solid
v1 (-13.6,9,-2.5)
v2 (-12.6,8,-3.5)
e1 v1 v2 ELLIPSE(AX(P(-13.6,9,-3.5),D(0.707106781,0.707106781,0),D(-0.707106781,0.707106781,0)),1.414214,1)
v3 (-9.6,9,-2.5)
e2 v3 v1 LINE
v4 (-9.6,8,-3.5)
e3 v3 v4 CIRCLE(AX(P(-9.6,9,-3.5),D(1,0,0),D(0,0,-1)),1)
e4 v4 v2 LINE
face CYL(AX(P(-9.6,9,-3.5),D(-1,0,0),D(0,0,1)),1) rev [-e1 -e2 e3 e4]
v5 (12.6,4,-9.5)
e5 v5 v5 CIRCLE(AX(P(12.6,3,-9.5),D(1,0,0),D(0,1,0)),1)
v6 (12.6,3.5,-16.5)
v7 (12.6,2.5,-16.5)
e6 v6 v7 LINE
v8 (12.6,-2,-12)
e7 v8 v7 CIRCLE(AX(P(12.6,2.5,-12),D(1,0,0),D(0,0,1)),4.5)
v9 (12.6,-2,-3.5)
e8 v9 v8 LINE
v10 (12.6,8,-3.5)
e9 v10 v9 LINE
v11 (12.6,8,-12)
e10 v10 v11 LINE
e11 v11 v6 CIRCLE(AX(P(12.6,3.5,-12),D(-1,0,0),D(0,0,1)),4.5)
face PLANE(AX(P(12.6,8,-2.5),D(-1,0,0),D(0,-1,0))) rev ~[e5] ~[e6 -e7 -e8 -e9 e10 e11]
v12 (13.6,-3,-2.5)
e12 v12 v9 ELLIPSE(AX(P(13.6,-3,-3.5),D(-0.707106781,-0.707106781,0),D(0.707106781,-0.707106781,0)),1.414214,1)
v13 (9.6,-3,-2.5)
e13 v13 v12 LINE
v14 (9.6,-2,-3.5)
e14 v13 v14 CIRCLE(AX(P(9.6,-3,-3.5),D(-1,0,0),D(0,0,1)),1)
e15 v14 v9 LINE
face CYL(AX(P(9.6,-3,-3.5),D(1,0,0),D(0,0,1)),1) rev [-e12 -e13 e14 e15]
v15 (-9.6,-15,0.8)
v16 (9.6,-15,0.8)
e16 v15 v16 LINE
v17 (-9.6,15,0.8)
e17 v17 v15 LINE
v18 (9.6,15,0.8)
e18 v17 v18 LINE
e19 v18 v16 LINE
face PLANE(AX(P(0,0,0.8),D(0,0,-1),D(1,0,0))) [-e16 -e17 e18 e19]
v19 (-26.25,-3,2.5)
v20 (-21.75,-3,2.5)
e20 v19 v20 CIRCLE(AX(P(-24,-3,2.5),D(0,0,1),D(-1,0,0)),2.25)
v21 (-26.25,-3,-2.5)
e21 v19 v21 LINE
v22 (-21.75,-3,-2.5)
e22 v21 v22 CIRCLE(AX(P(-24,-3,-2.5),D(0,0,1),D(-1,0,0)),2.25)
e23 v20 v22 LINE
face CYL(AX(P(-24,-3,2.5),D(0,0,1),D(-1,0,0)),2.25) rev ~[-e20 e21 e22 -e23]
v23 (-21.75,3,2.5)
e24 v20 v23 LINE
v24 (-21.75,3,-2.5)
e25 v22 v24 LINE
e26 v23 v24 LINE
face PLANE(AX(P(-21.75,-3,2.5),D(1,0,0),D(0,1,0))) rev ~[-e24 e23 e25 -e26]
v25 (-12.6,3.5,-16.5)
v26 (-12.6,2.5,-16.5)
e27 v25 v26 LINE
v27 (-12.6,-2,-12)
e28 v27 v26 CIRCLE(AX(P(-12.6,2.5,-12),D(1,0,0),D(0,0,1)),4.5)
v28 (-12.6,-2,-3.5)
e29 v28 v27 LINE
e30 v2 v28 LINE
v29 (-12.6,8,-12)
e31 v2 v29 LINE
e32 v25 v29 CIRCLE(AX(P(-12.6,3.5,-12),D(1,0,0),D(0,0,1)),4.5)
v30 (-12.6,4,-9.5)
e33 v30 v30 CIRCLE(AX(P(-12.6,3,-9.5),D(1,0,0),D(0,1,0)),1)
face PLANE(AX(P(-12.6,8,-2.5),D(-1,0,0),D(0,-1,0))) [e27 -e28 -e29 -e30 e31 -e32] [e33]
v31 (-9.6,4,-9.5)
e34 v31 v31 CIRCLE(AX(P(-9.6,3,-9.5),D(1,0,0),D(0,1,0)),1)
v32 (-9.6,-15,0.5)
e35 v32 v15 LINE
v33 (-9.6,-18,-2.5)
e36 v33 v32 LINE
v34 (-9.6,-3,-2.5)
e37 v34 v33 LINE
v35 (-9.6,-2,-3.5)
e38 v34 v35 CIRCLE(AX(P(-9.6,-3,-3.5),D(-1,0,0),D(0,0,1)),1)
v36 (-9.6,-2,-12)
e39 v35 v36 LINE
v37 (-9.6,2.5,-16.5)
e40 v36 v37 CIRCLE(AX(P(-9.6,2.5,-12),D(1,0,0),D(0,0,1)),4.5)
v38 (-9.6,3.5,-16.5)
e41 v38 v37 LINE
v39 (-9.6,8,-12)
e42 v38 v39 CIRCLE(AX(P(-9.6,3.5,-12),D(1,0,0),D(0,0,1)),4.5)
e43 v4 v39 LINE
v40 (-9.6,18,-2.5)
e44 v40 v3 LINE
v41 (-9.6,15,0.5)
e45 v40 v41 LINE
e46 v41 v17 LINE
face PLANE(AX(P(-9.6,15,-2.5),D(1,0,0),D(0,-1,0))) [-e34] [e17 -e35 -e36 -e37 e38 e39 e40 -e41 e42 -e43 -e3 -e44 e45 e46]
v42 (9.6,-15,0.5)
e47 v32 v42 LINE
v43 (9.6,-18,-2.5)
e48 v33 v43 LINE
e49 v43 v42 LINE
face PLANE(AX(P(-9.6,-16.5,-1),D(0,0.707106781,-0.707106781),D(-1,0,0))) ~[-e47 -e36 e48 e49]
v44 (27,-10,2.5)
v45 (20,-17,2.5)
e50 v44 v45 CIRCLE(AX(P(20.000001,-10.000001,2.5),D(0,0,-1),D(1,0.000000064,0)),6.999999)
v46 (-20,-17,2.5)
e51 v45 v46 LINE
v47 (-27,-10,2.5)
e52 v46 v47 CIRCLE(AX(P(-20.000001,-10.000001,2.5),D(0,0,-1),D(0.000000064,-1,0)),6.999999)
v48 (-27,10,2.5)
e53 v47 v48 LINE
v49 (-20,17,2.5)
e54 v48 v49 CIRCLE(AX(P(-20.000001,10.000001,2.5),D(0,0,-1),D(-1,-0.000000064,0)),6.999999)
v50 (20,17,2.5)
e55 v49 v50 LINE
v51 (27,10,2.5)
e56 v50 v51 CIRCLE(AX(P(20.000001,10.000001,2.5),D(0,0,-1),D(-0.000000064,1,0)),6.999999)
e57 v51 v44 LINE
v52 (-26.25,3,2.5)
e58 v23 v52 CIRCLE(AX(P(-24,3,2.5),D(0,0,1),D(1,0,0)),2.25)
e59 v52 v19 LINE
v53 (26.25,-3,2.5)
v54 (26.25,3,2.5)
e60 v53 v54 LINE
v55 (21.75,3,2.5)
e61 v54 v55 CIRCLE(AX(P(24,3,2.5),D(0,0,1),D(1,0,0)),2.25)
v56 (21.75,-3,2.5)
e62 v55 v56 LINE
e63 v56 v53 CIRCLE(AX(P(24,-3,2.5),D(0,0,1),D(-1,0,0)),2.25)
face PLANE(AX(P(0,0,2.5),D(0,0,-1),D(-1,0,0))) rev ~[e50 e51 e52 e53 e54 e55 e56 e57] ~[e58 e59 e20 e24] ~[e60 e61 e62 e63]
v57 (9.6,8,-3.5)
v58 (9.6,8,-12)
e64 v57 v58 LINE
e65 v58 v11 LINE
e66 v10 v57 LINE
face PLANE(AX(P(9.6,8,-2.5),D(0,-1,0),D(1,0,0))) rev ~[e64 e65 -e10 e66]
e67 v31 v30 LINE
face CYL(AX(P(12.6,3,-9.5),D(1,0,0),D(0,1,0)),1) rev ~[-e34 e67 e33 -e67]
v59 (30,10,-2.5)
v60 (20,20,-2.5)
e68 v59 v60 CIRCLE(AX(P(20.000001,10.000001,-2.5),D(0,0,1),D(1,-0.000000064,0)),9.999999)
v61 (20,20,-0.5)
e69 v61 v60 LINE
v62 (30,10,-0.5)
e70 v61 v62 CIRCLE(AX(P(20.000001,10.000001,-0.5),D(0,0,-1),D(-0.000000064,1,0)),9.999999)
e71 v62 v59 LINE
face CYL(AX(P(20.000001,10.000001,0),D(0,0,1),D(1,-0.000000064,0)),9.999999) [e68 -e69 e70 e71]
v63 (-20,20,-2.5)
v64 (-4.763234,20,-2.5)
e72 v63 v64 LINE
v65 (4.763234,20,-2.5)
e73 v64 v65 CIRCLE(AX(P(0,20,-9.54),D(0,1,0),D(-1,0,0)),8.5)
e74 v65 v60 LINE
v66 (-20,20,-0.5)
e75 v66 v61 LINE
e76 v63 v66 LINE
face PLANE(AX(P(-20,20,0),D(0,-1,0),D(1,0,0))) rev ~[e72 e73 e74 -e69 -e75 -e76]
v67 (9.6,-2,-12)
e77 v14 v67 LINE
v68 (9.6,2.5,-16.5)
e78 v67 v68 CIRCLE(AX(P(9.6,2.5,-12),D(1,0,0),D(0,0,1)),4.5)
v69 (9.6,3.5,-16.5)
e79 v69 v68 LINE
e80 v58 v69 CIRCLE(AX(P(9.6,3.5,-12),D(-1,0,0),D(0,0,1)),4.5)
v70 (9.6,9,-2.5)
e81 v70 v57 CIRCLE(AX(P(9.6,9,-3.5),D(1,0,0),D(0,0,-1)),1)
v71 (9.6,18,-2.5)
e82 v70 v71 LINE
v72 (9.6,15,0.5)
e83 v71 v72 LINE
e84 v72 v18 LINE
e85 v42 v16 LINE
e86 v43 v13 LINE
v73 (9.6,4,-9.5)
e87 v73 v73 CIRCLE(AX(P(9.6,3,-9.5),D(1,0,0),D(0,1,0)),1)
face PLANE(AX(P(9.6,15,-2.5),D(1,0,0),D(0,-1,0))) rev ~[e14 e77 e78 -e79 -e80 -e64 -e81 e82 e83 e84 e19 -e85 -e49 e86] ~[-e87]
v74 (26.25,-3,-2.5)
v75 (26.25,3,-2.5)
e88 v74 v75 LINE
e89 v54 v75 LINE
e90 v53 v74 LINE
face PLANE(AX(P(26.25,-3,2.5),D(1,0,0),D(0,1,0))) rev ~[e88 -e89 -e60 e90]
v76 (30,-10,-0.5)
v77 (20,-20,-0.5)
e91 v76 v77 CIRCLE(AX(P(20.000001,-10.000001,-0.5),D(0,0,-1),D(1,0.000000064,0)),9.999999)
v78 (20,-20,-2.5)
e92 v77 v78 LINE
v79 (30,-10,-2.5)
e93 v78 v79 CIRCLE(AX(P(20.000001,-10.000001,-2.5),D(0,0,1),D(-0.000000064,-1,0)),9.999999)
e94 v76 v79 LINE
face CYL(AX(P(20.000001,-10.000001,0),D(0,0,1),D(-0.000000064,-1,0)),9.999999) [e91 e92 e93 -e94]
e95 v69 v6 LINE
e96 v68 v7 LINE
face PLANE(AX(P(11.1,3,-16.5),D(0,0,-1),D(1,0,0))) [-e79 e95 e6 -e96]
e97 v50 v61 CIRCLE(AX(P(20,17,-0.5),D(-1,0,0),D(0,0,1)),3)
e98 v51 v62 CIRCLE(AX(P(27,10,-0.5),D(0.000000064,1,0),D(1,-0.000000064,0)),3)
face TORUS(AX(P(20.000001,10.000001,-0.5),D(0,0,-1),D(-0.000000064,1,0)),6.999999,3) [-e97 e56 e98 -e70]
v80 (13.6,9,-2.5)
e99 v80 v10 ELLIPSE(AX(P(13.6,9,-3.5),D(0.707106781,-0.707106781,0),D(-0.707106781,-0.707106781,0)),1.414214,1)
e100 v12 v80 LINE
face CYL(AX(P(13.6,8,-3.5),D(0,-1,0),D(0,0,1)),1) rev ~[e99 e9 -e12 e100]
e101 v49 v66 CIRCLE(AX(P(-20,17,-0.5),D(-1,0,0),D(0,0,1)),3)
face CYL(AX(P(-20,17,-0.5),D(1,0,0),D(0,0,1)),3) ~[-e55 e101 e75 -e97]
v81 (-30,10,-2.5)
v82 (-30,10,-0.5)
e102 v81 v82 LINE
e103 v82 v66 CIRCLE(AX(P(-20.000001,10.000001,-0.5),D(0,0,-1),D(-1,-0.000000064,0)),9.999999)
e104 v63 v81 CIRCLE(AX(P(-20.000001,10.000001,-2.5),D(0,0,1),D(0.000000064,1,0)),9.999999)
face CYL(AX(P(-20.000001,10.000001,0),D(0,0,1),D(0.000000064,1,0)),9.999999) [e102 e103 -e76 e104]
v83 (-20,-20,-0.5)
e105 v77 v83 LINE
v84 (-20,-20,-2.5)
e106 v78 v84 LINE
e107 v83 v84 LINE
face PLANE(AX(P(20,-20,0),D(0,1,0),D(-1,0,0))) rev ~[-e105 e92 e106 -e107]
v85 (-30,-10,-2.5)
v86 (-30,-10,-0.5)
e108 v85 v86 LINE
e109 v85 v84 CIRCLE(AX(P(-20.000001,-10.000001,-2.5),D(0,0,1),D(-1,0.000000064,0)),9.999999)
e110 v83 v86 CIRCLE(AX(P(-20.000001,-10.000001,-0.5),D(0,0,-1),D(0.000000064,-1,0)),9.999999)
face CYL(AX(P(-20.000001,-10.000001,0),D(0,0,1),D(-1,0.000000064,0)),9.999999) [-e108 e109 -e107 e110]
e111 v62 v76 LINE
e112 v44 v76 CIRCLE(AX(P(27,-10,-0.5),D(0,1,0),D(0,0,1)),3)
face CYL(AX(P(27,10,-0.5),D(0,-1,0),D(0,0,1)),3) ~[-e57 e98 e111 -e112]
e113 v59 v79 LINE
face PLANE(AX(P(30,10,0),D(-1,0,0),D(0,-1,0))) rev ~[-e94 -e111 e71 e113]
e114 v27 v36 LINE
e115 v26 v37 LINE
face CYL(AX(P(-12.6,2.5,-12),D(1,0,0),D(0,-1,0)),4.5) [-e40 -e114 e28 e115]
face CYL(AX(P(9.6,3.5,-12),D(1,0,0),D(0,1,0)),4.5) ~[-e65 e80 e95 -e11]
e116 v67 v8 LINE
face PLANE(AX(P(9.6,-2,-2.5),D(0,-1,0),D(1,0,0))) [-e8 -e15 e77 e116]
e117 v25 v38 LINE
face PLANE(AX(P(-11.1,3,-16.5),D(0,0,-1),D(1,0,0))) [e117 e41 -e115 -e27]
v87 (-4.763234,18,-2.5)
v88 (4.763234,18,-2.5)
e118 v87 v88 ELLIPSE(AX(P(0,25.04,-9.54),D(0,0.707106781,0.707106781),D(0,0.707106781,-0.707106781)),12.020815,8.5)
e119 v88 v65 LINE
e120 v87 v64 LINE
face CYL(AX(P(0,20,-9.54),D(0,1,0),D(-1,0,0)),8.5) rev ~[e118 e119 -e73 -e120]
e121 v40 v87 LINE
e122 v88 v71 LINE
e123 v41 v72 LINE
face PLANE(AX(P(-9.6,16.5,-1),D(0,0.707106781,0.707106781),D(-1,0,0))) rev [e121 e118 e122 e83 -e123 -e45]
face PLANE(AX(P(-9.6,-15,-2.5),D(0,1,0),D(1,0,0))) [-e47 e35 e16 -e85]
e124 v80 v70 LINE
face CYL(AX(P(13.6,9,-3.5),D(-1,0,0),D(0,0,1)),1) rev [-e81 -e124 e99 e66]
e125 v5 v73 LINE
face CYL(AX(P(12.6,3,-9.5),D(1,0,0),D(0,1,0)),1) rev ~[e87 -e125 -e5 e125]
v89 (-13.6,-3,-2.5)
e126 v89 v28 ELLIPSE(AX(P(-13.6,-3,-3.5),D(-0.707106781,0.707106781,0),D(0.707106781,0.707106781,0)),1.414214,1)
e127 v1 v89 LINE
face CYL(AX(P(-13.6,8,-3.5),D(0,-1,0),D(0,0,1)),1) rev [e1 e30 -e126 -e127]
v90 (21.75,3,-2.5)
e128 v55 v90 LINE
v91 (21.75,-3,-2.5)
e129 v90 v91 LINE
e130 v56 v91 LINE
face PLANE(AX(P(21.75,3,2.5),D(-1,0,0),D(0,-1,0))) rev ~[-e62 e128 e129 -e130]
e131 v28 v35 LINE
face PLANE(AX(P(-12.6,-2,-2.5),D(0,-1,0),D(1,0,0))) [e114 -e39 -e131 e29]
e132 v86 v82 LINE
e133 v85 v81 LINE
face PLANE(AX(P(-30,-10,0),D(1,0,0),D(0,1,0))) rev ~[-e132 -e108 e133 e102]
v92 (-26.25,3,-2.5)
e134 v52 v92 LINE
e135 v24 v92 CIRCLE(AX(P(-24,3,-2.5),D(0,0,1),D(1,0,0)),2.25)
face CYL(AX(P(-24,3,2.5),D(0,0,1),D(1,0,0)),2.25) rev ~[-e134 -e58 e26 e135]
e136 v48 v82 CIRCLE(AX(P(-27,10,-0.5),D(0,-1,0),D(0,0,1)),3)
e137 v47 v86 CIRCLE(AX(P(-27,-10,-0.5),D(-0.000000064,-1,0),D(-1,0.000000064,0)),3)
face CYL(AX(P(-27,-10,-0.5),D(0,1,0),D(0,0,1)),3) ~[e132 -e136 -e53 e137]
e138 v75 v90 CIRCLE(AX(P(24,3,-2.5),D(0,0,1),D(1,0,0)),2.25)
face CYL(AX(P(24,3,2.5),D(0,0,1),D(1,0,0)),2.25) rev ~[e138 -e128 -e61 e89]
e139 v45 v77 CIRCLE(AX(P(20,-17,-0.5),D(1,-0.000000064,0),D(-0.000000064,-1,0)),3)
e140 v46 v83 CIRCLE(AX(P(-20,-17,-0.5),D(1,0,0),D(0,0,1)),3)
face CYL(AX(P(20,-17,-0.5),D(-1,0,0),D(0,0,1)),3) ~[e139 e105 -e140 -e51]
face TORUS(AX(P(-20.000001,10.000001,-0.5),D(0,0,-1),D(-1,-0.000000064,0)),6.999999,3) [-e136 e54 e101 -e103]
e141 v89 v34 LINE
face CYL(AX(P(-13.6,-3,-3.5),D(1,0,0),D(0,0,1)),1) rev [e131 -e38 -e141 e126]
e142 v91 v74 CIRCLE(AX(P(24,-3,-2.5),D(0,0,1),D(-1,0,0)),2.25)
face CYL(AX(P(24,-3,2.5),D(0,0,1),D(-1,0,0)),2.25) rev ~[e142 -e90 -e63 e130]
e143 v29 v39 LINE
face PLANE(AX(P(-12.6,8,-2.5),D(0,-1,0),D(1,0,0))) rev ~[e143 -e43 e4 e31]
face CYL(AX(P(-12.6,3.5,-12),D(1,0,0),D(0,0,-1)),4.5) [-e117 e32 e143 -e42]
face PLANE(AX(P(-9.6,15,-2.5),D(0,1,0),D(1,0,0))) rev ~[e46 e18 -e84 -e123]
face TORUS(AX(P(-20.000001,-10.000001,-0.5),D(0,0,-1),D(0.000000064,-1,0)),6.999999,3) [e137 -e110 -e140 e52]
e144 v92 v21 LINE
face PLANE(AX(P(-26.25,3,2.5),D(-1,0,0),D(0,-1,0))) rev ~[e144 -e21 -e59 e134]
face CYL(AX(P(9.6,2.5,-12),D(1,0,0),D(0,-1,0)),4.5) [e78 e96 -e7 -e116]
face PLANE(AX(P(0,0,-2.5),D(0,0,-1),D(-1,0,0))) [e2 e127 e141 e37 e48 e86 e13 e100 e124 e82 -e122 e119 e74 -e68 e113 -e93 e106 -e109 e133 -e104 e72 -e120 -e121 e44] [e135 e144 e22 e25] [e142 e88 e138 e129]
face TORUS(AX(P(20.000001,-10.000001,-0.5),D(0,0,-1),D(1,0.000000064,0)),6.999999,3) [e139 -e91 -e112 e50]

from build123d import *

# Parameters (mm, degrees)
PAD_DEPTH       = 2.5
SKETCH001_W     = 19.2
SKETCH001_H     = 30
POCKET_DEPTH    = 3.3
SKETCH002_W     = 3
SKETCH002_H     = 10
PAD001_DEPTH    = 14
POCKET004_DEPTH = 5
SKETCH005_R     = 1
POCKET005_DEPTH = 26
CHAMFER_SIZE    = 3
FILLET_R        = 1
FILLET001_R     = 1
FILLET002_R     = 1
FILLET003_R     = 3
SKETCH007_R     = 8.5
POCKET006_DEPTH = 5
FILLET004_R     = 4.5


with BuildPart() as part:
    # Sketch → Pad (new body, symmetric)
    with BuildSketch(Plane.XY):
        with BuildLine():
            Line((-20, 20), (20, 20))
            ThreePointArc((30, 10), (27.071068, 17.071068), (20, 20))
            Line((30, 10), (30, -10))
            ThreePointArc((20, -20), (27.071068, -17.071068), (30, -10))
            Line((20, -20), (-20, -20))
            ThreePointArc((-30, -10), (-27.071068, -17.071068), (-20, -20))
            Line((-30, -10), (-30, 10))
            ThreePointArc((-20, 20), (-27.071068, 17.071068), (-30, 10))
        make_face()
    extrude(amount=PAD_DEPTH, both=True)

    # Sketch001 → Pocket (cut)
    with BuildSketch(Plane(origin=(0, 0, -2.5), x_dir=(1, 0, 0), z_dir=(0, 0, -1))):
        Rectangle(SKETCH001_W, SKETCH001_H)
    extrude(amount=-POCKET_DEPTH, mode=Mode.SUBTRACT)

    # Sketch002 (on Face4 of Pocket) → Pad001 (join)
    with BuildSketch(Plane(origin=(0, 0, -2.5), x_dir=(1, 0, 0), z_dir=(0, 0, -1))):
        with Locations((11.1, -3)):
            Rectangle(SKETCH002_W, SKETCH002_H)
        with Locations((-11.1, -3)):
            Rectangle(SKETCH002_W, SKETCH002_H)
    extrude(amount=PAD001_DEPTH)

    # Sketch004 → Pocket004 (cut)
    with BuildSketch(Plane.XY.offset(2.5)):
        with BuildLine():
            ThreePointArc((-21.75, 3), (-24, 5.25), (-26.25, 3))
            Line((-26.25, 3), (-26.25, -3))
            ThreePointArc((-26.25, -3), (-24, -5.25), (-21.75, -3))
            Line((-21.75, -3), (-21.75, 3))
        make_face()
        with BuildLine():
            ThreePointArc((26.25, 3), (24, 5.25), (21.75, 3))
            Line((21.75, 3), (21.75, -3))
            ThreePointArc((21.75, -3), (24, -5.25), (26.25, -3))
            Line((26.25, -3), (26.25, 3))
        make_face()
    extrude(amount=-POCKET004_DEPTH, mode=Mode.SUBTRACT)

    # Sketch005 (on Face21 of Pocket004) → Pocket005 (cut)
    with BuildSketch(Plane.YZ.offset(12.6)):
        with Locations((3, -9.5)):
            Circle(SKETCH005_R)
    extrude(amount=-POCKET005_DEPTH, mode=Mode.SUBTRACT)

    # Chamfer
    chamfer_edges = [part.edges().sort_by_distance(p)[0] for p in [
        (0, -15, -2.5),
        (0, 15, -2.5),
    ]]
    chamfer(chamfer_edges, length=CHAMFER_SIZE)

    # Fillet
    fillet_edges = [part.edges().sort_by_distance(p)[0] for p in [
        (-12.6, 3, -2.5),
    ]]
    fillet(fillet_edges, radius=FILLET_R)

    # Fillet001
    fillet001_edges = [part.edges().sort_by_distance(p)[0] for p in [
        (12.6, 3, -2.5),
    ]]
    fillet(fillet001_edges, radius=FILLET001_R)

    # Fillet002
    fillet002_edges = [part.edges().sort_by_distance(p)[0] for p in [
        (11.1, -2, -2.5),
        (-11.1, -2, -2.5),
        (11.1, 8, -2.5),
        (-11.1, 8, -2.5),
    ]]
    fillet(fillet002_edges, radius=FILLET002_R)

    # Fillet003
    fillet003_edges = [part.edges().sort_by_distance(p)[0] for p in [
        (0, 20, 2.5),
        (27.071068, 17.071068, 2.5),
        (30, 0, 2.5),
        (27.071068, -17.071068, 2.5),
        (0, -20, 2.5),
        (-27.071068, -17.071068, 2.5),
        (-30, 0, 2.5),
        (-27.071068, 17.071068, 2.5),
    ]]
    fillet(fillet003_edges, radius=FILLET003_R)

    # Sketch007 (on Face20 of Fillet003) → Pocket006 (cut)
    with BuildSketch(Plane(origin=(0, 20, 0), x_dir=(-1, 0, 0), z_dir=(0, 1, 0))):
        with Locations((0, -9.54)):
            Circle(SKETCH007_R)
    extrude(amount=-POCKET006_DEPTH, mode=Mode.SUBTRACT)

    # Fillet004
    fillet004_edges = [part.edges().sort_by_distance(p)[0] for p in [
        (-11.1, 8, -16.5),
        (-11.1, -2, -16.5),
        (11.1, -2, -16.5),
        (11.1, 8, -16.5),
    ]]
    fillet(fillet004_edges, radius=FILLET004_R)


solid = part.part
